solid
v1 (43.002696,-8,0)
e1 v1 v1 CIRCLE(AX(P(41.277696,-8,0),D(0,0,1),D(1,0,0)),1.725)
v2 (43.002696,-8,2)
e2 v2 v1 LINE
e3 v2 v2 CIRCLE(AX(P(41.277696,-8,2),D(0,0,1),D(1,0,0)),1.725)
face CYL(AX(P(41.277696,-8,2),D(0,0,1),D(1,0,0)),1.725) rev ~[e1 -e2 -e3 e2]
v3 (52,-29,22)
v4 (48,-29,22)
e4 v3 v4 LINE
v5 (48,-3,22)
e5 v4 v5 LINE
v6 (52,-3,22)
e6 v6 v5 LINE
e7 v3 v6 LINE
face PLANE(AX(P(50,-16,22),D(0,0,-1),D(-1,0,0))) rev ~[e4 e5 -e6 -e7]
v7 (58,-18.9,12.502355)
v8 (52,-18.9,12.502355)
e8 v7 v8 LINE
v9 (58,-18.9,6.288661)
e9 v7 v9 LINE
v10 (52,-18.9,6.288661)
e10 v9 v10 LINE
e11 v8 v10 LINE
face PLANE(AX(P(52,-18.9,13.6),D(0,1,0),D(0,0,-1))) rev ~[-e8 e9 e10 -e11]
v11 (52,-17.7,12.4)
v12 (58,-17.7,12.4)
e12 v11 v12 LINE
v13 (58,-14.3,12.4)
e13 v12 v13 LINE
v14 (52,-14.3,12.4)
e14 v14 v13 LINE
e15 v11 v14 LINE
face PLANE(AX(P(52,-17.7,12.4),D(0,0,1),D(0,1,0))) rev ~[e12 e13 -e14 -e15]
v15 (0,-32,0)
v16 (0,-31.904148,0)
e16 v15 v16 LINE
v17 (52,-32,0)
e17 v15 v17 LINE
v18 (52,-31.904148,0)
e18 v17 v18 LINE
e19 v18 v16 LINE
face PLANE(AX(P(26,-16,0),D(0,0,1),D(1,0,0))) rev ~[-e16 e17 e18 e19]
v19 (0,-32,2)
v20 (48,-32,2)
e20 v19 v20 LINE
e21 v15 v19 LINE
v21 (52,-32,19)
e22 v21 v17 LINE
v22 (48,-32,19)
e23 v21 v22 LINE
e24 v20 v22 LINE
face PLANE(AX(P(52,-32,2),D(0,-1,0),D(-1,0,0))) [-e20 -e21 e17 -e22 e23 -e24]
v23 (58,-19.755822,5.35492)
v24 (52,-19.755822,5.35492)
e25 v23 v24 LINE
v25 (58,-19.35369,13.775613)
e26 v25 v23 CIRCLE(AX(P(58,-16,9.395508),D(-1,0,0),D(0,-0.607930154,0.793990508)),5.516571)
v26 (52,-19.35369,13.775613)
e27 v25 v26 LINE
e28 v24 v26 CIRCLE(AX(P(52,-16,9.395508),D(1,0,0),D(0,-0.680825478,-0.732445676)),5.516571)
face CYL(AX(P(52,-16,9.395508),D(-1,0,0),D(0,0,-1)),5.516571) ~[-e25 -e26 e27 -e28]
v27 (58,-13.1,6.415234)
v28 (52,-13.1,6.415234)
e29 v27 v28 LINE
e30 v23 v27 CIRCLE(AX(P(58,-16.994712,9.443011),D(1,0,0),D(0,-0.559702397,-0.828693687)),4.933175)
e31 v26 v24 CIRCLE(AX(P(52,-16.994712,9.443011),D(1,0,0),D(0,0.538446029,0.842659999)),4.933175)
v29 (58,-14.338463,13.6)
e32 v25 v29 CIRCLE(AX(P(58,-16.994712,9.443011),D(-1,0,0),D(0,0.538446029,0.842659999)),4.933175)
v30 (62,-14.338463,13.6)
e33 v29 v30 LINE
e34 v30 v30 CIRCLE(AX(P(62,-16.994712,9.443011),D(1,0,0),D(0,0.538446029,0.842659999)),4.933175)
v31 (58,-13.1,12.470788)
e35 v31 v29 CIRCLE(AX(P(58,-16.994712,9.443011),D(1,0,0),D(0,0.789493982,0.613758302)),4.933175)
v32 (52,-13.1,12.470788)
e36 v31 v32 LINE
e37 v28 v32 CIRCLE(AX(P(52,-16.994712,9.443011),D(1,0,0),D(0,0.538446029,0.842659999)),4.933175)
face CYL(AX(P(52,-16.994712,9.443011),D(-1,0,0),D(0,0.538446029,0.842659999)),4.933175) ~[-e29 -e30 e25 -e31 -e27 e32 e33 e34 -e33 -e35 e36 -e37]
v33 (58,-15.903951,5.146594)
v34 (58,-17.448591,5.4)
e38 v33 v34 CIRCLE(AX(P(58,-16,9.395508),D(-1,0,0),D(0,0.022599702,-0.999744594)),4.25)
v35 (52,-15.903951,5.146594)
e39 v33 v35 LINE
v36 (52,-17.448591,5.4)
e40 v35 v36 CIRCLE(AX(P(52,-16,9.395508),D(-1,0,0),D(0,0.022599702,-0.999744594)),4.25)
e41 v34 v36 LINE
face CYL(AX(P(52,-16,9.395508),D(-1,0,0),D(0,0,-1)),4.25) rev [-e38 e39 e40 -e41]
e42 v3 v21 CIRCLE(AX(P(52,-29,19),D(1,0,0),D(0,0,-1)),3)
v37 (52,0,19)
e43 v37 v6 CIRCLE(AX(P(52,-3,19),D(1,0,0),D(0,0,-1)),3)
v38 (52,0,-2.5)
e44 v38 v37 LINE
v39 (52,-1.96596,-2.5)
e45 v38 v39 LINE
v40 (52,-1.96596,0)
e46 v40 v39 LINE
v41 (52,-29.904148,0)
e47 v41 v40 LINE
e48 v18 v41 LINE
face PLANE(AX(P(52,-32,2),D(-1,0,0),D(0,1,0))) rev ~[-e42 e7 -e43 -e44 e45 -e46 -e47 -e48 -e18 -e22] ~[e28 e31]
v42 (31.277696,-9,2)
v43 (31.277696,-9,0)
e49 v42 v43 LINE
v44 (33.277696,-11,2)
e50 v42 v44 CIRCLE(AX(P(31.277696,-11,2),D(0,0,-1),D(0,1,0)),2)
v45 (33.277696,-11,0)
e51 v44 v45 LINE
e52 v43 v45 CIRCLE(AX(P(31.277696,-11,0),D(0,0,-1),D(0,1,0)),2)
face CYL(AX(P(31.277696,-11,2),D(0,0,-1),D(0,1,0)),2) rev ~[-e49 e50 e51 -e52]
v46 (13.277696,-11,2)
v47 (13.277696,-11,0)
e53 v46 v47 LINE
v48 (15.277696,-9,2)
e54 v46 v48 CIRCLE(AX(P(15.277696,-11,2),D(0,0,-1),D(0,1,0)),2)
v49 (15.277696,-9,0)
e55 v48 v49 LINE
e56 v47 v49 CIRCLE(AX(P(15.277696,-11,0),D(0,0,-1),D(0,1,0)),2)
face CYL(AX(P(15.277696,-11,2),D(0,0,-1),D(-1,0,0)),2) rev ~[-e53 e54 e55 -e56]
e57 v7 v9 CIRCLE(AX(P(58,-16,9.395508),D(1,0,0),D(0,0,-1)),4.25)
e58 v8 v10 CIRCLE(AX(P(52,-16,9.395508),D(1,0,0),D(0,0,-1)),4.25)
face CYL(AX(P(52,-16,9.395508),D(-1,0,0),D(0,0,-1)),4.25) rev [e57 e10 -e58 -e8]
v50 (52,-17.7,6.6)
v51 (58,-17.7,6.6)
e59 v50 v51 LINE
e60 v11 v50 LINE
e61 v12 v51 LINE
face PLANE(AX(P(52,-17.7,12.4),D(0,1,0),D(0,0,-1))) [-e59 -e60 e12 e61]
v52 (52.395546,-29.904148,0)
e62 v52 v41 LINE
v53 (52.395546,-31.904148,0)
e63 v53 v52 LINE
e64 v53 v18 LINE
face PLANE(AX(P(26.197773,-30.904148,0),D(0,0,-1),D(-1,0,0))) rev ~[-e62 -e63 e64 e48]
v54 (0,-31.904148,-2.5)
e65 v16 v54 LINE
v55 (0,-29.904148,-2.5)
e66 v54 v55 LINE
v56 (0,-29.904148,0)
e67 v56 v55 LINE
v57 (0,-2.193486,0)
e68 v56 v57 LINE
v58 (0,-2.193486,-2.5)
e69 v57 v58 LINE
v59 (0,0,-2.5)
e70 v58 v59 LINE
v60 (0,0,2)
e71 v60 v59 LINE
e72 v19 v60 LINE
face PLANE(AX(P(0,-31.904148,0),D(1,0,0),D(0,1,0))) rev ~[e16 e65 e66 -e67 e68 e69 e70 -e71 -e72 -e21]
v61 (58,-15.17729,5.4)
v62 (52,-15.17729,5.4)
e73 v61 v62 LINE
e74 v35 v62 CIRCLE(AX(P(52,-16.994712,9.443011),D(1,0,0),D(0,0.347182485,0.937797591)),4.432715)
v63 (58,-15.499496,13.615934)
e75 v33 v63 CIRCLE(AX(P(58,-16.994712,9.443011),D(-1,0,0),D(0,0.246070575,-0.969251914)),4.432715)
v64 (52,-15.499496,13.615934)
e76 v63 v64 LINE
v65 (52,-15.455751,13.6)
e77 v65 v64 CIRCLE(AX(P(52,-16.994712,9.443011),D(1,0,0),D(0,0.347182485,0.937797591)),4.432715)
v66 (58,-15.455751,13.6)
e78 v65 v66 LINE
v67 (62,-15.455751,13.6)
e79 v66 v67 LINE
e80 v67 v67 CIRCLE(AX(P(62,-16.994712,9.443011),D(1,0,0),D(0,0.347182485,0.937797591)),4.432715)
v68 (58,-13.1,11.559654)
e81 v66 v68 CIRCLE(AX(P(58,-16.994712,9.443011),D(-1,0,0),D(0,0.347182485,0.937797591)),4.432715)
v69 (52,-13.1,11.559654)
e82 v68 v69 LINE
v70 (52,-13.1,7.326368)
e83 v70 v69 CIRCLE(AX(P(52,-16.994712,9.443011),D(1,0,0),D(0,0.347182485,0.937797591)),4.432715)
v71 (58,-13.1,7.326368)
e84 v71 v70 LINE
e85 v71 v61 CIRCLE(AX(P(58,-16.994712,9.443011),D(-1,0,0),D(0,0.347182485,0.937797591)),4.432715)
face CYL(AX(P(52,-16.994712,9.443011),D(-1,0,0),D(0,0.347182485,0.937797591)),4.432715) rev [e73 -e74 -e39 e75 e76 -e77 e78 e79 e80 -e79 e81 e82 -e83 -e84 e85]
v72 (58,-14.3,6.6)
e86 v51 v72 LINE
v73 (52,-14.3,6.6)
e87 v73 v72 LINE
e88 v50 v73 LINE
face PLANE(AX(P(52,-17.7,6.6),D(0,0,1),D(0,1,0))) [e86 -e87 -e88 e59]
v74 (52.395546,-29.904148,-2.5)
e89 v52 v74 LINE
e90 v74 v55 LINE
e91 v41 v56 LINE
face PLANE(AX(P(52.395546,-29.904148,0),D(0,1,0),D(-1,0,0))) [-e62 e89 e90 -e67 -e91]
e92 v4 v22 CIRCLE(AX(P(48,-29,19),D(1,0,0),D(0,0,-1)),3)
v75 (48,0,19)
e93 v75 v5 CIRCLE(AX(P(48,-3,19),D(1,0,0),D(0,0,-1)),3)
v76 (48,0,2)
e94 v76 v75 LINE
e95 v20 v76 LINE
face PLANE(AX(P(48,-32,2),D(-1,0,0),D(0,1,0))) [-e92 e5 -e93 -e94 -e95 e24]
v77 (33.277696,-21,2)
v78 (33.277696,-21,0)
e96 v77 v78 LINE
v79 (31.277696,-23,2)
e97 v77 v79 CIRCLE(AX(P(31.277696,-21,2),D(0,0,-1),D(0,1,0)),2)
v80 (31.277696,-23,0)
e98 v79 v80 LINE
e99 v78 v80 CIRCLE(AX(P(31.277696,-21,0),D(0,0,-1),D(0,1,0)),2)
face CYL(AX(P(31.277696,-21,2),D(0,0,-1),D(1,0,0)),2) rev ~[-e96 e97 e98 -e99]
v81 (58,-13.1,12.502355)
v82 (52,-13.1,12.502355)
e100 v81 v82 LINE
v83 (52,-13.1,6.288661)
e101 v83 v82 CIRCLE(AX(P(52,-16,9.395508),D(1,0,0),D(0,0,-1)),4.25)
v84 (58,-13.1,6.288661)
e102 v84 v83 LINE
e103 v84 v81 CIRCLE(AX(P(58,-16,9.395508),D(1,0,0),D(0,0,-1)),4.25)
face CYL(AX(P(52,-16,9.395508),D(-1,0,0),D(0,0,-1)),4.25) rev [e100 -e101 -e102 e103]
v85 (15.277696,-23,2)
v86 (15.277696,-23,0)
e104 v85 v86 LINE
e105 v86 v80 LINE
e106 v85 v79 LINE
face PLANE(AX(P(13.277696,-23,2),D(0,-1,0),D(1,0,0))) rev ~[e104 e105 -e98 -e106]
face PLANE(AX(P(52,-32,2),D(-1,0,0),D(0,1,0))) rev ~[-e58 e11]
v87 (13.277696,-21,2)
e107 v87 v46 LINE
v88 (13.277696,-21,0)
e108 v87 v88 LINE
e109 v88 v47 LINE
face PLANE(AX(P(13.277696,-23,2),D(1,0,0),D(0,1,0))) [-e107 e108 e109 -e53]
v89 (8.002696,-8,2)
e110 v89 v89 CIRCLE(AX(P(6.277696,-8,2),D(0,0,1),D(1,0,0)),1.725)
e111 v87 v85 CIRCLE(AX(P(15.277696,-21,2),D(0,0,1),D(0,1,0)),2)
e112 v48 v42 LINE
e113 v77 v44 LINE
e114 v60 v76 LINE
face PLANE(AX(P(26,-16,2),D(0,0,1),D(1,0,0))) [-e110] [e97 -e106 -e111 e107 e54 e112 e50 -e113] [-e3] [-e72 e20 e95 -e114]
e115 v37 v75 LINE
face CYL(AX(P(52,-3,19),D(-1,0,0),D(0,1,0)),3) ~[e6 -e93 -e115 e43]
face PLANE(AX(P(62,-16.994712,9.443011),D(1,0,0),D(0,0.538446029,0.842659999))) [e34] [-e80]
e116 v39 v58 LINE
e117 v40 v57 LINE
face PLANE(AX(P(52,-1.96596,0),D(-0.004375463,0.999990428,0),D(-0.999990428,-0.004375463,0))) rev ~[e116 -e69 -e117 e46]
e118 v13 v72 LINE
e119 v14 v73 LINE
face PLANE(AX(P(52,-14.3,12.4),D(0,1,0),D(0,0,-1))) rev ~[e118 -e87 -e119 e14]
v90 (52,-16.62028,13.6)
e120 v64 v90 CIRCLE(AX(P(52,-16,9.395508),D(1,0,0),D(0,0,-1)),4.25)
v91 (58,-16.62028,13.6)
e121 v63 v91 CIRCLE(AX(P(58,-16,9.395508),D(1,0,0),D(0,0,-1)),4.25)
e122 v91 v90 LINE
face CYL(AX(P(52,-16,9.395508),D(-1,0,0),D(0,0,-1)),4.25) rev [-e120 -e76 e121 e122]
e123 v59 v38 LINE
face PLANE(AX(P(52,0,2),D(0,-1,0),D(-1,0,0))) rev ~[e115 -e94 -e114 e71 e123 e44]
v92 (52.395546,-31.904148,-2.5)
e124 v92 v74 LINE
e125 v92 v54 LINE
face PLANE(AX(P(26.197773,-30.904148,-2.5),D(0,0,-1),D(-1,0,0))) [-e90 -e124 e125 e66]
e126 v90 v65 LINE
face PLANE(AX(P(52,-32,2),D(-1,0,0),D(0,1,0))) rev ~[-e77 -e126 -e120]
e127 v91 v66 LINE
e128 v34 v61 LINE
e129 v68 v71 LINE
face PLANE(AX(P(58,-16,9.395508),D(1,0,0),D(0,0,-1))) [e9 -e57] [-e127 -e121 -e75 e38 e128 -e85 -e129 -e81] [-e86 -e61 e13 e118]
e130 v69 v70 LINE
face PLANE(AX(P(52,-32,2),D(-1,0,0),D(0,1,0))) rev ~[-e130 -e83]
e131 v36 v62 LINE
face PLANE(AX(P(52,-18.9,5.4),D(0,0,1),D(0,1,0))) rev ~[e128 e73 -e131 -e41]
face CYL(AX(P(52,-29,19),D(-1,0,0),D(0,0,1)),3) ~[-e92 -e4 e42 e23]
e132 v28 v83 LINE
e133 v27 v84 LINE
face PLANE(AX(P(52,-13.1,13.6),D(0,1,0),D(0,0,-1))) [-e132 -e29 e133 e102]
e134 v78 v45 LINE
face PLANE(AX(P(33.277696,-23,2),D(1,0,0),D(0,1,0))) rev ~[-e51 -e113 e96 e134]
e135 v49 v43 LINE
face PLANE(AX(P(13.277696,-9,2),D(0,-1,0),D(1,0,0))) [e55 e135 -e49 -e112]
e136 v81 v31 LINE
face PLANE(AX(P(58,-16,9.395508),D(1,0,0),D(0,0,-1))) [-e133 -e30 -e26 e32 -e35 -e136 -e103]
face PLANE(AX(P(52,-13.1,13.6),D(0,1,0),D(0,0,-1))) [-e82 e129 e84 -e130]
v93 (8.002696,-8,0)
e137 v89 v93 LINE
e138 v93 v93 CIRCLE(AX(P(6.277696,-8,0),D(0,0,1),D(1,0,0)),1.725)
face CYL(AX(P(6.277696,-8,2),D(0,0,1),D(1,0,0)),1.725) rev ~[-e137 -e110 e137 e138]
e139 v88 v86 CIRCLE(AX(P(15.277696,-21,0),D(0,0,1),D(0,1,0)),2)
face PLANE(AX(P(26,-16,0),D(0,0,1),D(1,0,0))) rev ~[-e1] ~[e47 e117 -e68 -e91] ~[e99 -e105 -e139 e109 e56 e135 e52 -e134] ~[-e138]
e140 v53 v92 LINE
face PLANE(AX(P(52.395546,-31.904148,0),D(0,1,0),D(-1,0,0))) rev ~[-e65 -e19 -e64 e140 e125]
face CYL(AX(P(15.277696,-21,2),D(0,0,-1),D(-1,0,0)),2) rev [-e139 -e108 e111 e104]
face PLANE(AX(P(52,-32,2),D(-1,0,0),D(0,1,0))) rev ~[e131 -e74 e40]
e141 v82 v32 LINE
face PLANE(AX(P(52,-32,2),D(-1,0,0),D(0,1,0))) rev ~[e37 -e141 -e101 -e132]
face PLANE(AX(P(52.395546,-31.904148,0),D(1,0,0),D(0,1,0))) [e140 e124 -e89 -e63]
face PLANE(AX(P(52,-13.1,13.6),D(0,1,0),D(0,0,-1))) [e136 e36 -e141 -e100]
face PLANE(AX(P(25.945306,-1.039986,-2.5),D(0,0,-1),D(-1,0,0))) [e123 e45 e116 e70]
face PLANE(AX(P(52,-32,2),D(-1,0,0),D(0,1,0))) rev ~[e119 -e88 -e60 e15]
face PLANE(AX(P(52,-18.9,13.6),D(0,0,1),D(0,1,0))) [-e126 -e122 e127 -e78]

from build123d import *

# Parameters (mm, degrees)
SKETCH1_W           = 52
SKETCH1_H           = 32
BOSS_EXTRUDE1_DEPTH = 2
SKETCH2_W           = 4
SKETCH2_H           = 32
BOSS_EXTRUDE2_DEPTH = 20
FILLET1_R           = 3
SKETCH4_R           = 1.725
CUT_EXTRUDE2_DEPTH  = 2
SKETCH5_W           = 52.395546188
SKETCH5_H           = 2
BOSS_EXTRUDE3_DEPTH = 2.5
SKETCH6_W           = 20
SKETCH6_H           = 14
CUT_EXTRUDE3_DEPTH  = 2
SKETCH7_W           = 8.2
SKETCH7_H           = 5.8
SKETCH7_W_2         = 5.8
SKETCH7_H_2         = 3.4
BOSS_EXTRUDE4_DEPTH = 6
SKETCH10_R          = 4.93317494
SKETCH10_R_2        = 4.432714725
BOSS_EXTRUDE6_DEPTH = 10
SKETCH8_R           = 5.516570522
SKETCH8_R_2         = 4.25
BOSS_EXTRUDE5_DEPTH = 6
FILLET2_R           = 2


with BuildPart() as part:
    # Sketch1 → Boss-Extrude1 (new body)
    with BuildSketch(Plane.XY):
        with Locations((26, -16)):
            Rectangle(SKETCH1_W, SKETCH1_H)
    extrude(amount=BOSS_EXTRUDE1_DEPTH)

    # Sketch2 → Boss-Extrude2 (add)
    with BuildSketch(Plane(origin=(0, 0, 2), x_dir=(-1, 0, 0), z_dir=(0, 0, -1))):
        with Locations((-50, -16)):
            Rectangle(SKETCH2_W, SKETCH2_H)
    extrude(amount=-BOSS_EXTRUDE2_DEPTH)

    # Fillet1
    fillet1_edges = [part.edges().sort_by_distance(p)[0] for p in [
        (50, -32, 22),
        (50, 0, 22),
    ]]
    fillet(fillet1_edges, radius=FILLET1_R)

    # Sketch4 → Cut-Extrude2 (cut)
    with BuildSketch(Plane.XY.offset(2)):
        with Locations((41.277695867, -8)):
            Circle(SKETCH4_R)
        with Locations((6.277695867, -8)):
            Circle(SKETCH4_R)
    extrude(amount=-CUT_EXTRUDE2_DEPTH, mode=Mode.SUBTRACT)

    # Sketch5 → Boss-Extrude3 (add)
    with BuildSketch(Plane(origin=(0, 0, 0), x_dir=(-1, 0, 0), z_dir=(0, 0, -1))):
        with Locations((-26.197773094, -30.904147889)):
            Rectangle(SKETCH5_W, SKETCH5_H)
        Polygon((-52, -1.965960074), (0, -2.193486325), (0, 0), (-52, 0), align=None)
    extrude(amount=BOSS_EXTRUDE3_DEPTH)

    # Sketch6 → Cut-Extrude3 (cut)
    with BuildSketch(Plane.XY.offset(2)):
        with Locations((23.277695867, -16)):
            Rectangle(SKETCH6_W, SKETCH6_H)
    extrude(amount=-CUT_EXTRUDE3_DEPTH, mode=Mode.SUBTRACT)

    # Sketch7 → Boss-Extrude4 (add)
    with BuildSketch(Plane(origin=(52, 0, 0), x_dir=(0, 0, -1), z_dir=(1, 0, 0))):
        with Locations((-9.5, -16)):
            Rectangle(SKETCH7_W, SKETCH7_H)
        with Locations((-9.5, -16)):
            Rectangle(SKETCH7_W_2, SKETCH7_H_2, mode=Mode.SUBTRACT)
    extrude(amount=BOSS_EXTRUDE4_DEPTH)

    # Sketch10 → Boss-Extrude6 (add)
    with BuildSketch(Plane(origin=(52, 0, 0), x_dir=(0, 0, -1), z_dir=(1, 0, 0))):
        with Locations(Location((-9.443010808, -16.994711926, 0), (0, 0, 147.422084195))):
            Circle(SKETCH10_R)
        with Locations(Location((-9.443010808, -16.994711926, 0), (0, 0, 159.684920178))):
            Circle(SKETCH10_R_2, mode=Mode.SUBTRACT)
    extrude(amount=BOSS_EXTRUDE6_DEPTH)

    # Sketch8 → Boss-Extrude5 (add)
    with BuildSketch(Plane(origin=(52, 0, 0), x_dir=(0, 0, -1), z_dir=(1, 0, 0))):
        with Locations((-9.395508103, -16)):
            Circle(SKETCH8_R)
        with Locations((-9.395508103, -16)):
            Circle(SKETCH8_R_2, mode=Mode.SUBTRACT)
    extrude(amount=BOSS_EXTRUDE5_DEPTH)

    # Fillet2
    fillet2_edges = [part.edges().sort_by_distance(p)[0] for p in [
        (33.277695867, -9, 1),
        (33.277695867, -23, 1),
        (13.277695867, -23, 1),
        (13.277695867, -9, 1),
    ]]
    fillet(fillet2_edges, radius=FILLET2_R)


solid = part.part
